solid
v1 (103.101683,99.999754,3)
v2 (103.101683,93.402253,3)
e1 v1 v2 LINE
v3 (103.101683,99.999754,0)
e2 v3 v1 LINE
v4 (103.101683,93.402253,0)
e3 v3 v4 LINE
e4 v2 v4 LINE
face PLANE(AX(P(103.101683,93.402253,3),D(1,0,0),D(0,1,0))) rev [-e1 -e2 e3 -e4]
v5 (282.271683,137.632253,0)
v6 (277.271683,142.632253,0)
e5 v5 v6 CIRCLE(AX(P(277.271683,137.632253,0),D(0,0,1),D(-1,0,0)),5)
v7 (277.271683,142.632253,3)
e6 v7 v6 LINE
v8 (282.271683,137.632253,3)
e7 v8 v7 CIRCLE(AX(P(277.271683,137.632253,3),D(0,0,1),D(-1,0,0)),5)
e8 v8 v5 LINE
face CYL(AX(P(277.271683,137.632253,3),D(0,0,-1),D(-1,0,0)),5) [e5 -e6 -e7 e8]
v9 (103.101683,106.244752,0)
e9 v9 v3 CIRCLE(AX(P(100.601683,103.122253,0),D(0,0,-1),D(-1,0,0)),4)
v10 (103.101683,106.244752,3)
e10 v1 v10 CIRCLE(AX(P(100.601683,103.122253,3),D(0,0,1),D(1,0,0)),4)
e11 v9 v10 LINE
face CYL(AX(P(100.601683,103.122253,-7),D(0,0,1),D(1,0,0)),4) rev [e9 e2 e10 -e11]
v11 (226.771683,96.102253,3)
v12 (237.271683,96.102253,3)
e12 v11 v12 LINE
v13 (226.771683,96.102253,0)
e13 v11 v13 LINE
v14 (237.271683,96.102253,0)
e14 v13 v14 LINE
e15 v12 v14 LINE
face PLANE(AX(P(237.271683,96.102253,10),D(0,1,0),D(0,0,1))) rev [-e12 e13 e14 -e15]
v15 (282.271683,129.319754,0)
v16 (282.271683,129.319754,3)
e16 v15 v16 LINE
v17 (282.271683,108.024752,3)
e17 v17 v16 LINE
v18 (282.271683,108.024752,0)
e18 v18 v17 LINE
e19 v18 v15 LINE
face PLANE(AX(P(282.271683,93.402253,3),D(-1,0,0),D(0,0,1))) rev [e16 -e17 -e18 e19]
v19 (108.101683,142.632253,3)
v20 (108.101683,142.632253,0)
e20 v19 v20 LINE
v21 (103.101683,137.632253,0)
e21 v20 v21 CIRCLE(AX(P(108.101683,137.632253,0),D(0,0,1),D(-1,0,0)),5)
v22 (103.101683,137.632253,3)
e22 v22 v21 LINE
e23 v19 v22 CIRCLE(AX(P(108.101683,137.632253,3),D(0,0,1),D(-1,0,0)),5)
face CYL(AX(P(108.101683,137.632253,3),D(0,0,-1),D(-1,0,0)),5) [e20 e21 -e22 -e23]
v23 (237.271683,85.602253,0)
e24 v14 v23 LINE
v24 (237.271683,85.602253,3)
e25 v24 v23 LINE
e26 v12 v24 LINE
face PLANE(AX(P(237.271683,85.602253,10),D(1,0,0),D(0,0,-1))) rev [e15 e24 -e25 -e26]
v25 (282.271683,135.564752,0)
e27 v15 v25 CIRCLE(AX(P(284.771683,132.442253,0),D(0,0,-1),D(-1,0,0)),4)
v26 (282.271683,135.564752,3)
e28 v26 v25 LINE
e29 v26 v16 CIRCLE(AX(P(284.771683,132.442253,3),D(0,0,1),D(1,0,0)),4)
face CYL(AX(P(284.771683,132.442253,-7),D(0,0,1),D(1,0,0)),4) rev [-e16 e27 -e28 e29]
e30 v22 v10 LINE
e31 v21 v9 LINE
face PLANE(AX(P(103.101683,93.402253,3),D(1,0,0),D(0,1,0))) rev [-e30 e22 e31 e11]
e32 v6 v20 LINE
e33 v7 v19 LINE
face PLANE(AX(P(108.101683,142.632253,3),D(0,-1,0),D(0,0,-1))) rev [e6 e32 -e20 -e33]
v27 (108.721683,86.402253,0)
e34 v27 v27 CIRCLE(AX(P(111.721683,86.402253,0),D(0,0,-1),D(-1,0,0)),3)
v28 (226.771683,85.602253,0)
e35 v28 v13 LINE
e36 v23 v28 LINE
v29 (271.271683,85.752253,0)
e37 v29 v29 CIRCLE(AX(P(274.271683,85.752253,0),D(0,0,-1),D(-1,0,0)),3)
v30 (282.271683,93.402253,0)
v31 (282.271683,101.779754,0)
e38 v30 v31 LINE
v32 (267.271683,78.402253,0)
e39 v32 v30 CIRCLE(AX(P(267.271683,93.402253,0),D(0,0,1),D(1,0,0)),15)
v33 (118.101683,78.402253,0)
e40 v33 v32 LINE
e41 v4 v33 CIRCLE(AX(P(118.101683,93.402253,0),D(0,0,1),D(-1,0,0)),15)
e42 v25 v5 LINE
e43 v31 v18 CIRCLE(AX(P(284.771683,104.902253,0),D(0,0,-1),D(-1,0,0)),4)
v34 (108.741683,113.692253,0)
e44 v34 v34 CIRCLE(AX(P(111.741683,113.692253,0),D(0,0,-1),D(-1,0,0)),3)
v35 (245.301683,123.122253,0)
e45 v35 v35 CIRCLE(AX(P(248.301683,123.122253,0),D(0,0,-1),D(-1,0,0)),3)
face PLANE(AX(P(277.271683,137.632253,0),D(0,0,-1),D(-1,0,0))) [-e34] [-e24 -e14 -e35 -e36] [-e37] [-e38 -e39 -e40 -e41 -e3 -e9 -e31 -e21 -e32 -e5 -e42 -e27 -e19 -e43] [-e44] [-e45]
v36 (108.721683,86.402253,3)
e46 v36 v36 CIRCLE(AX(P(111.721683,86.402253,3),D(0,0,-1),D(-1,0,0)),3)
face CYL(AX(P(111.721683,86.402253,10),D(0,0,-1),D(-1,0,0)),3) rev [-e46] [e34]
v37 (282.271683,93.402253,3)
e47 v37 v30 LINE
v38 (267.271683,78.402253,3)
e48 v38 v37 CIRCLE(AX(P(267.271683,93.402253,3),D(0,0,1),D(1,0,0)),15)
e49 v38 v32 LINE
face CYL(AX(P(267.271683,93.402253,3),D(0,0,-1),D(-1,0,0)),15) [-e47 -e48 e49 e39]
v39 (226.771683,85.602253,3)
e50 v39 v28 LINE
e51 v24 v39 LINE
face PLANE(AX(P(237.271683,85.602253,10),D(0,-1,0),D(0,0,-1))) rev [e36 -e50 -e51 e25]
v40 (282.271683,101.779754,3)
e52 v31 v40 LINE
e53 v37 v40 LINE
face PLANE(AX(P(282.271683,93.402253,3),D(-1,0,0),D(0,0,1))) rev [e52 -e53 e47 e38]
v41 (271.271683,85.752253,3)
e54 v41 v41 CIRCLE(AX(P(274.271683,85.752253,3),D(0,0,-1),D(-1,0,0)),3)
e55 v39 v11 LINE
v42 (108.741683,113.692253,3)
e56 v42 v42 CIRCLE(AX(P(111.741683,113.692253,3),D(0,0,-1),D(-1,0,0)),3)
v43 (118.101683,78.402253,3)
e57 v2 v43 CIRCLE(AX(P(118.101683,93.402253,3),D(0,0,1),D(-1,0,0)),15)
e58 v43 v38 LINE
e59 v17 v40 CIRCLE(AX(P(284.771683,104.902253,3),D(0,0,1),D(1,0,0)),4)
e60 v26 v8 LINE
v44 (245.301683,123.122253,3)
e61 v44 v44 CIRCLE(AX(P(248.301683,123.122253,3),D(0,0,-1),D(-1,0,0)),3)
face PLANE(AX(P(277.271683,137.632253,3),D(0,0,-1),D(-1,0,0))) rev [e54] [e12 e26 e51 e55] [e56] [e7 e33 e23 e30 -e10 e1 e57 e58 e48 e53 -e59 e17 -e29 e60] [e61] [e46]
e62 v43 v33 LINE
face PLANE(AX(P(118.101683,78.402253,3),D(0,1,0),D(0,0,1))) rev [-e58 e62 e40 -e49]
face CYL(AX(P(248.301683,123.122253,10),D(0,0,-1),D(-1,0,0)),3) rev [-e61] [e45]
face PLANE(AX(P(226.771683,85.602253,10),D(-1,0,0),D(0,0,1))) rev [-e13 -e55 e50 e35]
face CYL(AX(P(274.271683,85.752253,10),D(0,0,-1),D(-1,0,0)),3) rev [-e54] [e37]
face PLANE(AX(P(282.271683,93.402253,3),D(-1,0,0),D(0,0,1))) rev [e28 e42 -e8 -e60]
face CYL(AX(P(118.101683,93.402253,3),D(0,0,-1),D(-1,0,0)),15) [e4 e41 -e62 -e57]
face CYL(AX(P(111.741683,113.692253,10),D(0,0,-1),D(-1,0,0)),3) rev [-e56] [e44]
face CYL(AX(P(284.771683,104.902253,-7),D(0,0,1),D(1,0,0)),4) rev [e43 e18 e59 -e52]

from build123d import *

# Parameters (mm, degrees)
BOSS_EXTRU_1_DEPTH      = 3
ESQUISSE2_R             = 3
ENL_V_MAT_EXTRU_1_DEPTH = 10
ESQUISSE7_R             = 4
ENL_V_MAT_EXTRU_2_DEPTH = 10
ESQUISSE8_W             = 10.5
ESQUISSE8_H             = 10.5
ENL_V_MAT_EXTRU_3_DEPTH = 10


with BuildPart() as part:
    # Esquisse1 → Boss.-Extru.1 (new body)
    with BuildSketch(Plane.XY):
        with BuildLine():
            Line((118.101682981, 78.402253408), (267.271682981, 78.402253408))
            ThreePointArc((267.271682981, 78.402253408), (277.878284699, 82.795651691), (282.271682981, 93.402253408))
            Line((282.271682981, 93.402253408), (282.271682981, 137.632253408))
            ThreePointArc((282.271682981, 137.632253408), (280.807216887, 141.167787314), (277.271682981, 142.632253408))
            Line((277.271682981, 142.632253408), (108.101682981, 142.632253408))
            ThreePointArc((108.101682981, 142.632253408), (104.566149075, 141.167787314), (103.101682981, 137.632253408))
            Line((103.101682981, 137.632253408), (103.101682981, 93.402253408))
            ThreePointArc((103.101682981, 93.402253408), (107.495081263, 82.795651691), (118.101682981, 78.402253408))
        make_face()
    extrude(amount=BOSS_EXTRU_1_DEPTH)

    # Esquisse2 → Enlèv. mat.-Extru.1 (cut)
    with BuildSketch(Plane(origin=(0, 0, 0), x_dir=(-1, 0, 0), z_dir=(0, 0, -1))):
        with Locations((-111.741682981, 113.692253408)):
            Circle(ESQUISSE2_R)
        with Locations((-111.721682981, 86.402253408)):
            Circle(ESQUISSE2_R)
        with Locations((-248.301682981, 123.122253408)):
            Circle(ESQUISSE2_R)
        with Locations((-274.271682981, 85.752253408)):
            Circle(ESQUISSE2_R)
    extrude(amount=-ENL_V_MAT_EXTRU_1_DEPTH, mode=Mode.SUBTRACT)

    # Esquisse7 → Enlèv. mat.-Extru.2 (cut)
    with BuildSketch(Plane.XY.offset(3)):
        with Locations((100.601682981, 103.122253408)):
            Circle(ESQUISSE7_R)
        with Locations((284.771682981, 104.902253408)):
            Circle(ESQUISSE7_R)
        with Locations((284.771682981, 132.442253408)):
            Circle(ESQUISSE7_R)
    extrude(amount=-ENL_V_MAT_EXTRU_2_DEPTH, mode=Mode.SUBTRACT)

    # Esquisse8 → Enlèv. mat.-Extru.3 (cut)
    with BuildSketch(Plane(origin=(0, 0, 0), x_dir=(-1, 0, 0), z_dir=(0, 0, -1))):
        with Locations((-232.021682981, 90.852253408)):
            Rectangle(ESQUISSE8_W, ESQUISSE8_H)
    extrude(amount=-ENL_V_MAT_EXTRU_3_DEPTH, mode=Mode.SUBTRACT)


solid = part.part
